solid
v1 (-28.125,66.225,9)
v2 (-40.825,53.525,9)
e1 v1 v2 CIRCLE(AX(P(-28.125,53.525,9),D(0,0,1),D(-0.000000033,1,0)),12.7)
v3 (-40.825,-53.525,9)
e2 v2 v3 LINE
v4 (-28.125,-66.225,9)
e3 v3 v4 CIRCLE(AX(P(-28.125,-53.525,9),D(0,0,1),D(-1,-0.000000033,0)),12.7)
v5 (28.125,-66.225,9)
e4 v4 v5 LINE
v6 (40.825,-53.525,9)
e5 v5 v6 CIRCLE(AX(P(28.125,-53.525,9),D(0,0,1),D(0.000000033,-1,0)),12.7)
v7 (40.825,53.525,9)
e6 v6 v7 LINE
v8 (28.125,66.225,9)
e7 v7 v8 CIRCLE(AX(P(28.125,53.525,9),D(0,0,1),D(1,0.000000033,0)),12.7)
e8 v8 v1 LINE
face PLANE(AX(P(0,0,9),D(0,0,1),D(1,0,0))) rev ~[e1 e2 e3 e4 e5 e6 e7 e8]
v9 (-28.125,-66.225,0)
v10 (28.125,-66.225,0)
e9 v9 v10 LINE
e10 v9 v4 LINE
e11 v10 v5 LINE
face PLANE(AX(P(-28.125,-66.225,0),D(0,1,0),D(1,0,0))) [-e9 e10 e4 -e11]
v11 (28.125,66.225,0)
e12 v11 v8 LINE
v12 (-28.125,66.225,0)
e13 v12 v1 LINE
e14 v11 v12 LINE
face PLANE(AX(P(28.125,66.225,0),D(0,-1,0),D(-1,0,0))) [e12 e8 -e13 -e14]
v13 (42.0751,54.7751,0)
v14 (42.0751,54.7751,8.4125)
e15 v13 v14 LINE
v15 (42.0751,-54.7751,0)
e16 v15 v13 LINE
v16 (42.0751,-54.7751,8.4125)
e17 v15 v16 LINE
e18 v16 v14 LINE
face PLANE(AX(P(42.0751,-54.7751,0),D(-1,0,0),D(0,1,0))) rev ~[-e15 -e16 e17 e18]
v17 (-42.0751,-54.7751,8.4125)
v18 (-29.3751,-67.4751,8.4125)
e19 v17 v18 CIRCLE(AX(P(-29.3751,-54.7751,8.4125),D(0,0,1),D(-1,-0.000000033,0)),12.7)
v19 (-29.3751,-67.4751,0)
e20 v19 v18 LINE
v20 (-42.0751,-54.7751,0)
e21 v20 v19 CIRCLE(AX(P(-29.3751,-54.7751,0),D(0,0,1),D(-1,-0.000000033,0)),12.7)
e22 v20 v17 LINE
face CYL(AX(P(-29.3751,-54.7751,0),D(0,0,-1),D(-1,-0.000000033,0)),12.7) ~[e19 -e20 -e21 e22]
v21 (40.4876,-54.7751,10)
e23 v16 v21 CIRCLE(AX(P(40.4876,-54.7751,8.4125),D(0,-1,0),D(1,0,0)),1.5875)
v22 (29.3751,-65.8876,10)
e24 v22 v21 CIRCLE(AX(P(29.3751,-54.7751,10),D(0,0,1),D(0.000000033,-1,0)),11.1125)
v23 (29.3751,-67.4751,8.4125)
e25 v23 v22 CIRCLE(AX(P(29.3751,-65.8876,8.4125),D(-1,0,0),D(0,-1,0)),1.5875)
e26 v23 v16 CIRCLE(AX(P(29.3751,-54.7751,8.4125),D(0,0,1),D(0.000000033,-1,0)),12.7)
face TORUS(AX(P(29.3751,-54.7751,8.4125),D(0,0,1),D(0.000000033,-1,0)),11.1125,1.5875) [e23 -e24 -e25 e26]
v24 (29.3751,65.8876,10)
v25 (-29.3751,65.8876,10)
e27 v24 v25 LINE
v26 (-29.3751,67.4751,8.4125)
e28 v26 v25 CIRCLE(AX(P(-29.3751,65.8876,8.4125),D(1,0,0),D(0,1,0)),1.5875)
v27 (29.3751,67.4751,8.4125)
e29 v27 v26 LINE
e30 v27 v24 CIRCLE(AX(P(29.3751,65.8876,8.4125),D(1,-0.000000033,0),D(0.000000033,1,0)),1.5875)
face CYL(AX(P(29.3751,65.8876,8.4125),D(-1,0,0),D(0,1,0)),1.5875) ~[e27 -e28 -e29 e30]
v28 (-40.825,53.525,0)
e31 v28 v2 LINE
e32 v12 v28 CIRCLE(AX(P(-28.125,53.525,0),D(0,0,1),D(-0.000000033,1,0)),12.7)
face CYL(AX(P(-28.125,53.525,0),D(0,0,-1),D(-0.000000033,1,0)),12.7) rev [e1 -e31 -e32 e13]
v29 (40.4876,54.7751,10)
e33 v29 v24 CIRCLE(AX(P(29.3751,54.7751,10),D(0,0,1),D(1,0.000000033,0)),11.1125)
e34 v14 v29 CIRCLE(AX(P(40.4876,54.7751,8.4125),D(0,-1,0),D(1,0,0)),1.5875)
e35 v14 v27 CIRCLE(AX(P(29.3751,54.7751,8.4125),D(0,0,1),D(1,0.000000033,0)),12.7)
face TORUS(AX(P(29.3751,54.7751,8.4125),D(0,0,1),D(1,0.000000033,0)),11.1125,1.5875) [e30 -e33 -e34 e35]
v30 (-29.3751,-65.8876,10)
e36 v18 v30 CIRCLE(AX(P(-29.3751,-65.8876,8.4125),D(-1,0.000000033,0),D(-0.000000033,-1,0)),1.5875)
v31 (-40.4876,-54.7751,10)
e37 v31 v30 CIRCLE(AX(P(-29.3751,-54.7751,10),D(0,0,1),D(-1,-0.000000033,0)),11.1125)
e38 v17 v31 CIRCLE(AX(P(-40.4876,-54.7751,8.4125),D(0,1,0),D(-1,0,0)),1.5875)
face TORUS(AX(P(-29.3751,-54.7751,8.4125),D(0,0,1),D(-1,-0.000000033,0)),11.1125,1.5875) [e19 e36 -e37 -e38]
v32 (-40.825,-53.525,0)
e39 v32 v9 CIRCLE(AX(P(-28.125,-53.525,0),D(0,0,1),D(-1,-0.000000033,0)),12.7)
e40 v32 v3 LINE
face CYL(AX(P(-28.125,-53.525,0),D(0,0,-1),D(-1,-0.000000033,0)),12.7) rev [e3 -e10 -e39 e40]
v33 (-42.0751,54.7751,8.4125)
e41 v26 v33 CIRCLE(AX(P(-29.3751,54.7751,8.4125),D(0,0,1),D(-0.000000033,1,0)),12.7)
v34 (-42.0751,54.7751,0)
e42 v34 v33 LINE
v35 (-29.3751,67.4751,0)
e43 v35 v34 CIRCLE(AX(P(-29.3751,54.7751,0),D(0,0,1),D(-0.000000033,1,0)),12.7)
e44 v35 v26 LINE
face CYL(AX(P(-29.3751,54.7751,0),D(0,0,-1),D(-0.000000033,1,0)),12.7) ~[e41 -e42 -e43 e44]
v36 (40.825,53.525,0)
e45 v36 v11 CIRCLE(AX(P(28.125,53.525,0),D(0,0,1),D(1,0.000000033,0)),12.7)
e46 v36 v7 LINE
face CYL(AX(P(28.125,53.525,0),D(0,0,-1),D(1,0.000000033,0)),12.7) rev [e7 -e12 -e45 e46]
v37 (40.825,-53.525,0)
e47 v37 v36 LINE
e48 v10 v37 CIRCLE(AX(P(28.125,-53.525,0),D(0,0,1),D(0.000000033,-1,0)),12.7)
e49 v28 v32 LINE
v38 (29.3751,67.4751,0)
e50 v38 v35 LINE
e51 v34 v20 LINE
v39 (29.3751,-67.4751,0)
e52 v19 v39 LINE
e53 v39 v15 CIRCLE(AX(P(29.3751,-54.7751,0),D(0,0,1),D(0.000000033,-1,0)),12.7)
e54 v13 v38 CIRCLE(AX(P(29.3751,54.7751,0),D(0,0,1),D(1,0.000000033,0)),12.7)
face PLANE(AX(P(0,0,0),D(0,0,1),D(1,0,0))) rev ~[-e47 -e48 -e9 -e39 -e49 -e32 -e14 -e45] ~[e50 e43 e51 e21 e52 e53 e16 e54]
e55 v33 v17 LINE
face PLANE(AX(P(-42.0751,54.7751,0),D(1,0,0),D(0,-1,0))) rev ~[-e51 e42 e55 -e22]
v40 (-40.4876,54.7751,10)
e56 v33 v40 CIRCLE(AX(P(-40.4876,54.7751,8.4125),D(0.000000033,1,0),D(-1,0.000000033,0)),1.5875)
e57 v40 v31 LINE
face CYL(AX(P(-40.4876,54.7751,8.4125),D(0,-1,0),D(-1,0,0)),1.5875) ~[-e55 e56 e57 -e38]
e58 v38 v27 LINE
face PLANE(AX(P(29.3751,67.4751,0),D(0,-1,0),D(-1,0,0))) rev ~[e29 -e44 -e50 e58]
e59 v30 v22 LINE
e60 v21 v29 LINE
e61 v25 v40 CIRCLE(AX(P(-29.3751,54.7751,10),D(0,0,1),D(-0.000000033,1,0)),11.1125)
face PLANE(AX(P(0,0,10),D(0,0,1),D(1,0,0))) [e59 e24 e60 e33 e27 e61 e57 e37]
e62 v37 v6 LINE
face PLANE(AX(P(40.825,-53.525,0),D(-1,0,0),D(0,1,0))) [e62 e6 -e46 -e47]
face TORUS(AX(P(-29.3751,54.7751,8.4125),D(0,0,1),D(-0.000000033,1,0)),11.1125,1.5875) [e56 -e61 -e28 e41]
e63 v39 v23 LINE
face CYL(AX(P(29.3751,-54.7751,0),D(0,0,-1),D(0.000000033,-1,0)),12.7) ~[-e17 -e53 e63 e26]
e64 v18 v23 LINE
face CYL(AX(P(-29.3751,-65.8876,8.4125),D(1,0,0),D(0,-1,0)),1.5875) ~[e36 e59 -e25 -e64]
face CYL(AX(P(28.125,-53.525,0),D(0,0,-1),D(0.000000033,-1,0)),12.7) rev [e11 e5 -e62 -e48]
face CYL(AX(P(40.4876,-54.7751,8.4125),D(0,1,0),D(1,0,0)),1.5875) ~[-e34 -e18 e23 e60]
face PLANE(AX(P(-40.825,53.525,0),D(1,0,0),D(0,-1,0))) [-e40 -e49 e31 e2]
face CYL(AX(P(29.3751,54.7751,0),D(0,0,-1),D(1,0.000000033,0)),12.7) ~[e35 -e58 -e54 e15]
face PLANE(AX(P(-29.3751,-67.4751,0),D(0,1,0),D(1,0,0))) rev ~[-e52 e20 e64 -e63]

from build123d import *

# Parameters (mm, degrees)
F1_DEPTH = 10
F2_R     = 1.5875
F4_DEPTH = 9


with BuildPart() as f1:
    # F0 (on Top) → F1 (new body)
    with BuildSketch(Plane.XY):
        with BuildLine():
            ThreePointArc((42.0751, 54.7751), (38.355356, 63.755356), (29.3751, 67.4751))
            Line((29.3751, 67.4751), (-29.3751, 67.4751))
            ThreePointArc((-29.3751, 67.4751), (-38.355356, 63.755356), (-42.0751, 54.7751))
            Line((-42.0751, 54.7751), (-42.0751, -54.7751))
            ThreePointArc((-42.0751, -54.7751), (-38.355356, -63.755356), (-29.3751, -67.4751))
            Line((-29.3751, -67.4751), (29.3751, -67.4751))
            ThreePointArc((29.3751, -67.4751), (38.355356, -63.755356), (42.0751, -54.7751))
            Line((42.0751, -54.7751), (42.0751, 54.7751))
        make_face()
    extrude(amount=F1_DEPTH)

    # F2
    f2_edges = [f1.edges().sort_by_distance(p)[0] for p in [
        (42.0751, 0, 10),
        (38.355356, -63.755356, 10),
        (0, -67.4751, 10),
        (-38.355356, -63.755356, 10),
        (-42.0751, 0, 10),
        (-38.355356, 63.755356, 10),
        (0, 67.4751, 10),
        (38.355356, 63.755356, 10),
    ]]
    fillet(f2_edges, radius=F2_R)

    # F3 (on Top) → F4 (cut)
    with BuildSketch(Plane.XY):
        with BuildLine():
            Line((-28.125, -66.225), (28.125, -66.225))
            ThreePointArc((28.125, -66.225), (37.105256, -62.505256), (40.825, -53.525))
            Line((40.825, -53.525), (40.825, 53.525))
            ThreePointArc((40.825, 53.525), (37.105256, 62.505256), (28.125, 66.225))
            Line((28.125, 66.225), (-28.125, 66.225))
            ThreePointArc((-28.125, 66.225), (-37.105256, 62.505256), (-40.825, 53.525))
            Line((-40.825, 53.525), (-40.825, -53.525))
            ThreePointArc((-40.825, -53.525), (-37.105256, -62.505256), (-28.125, -66.225))
        make_face()
    extrude(amount=F4_DEPTH, mode=Mode.SUBTRACT)


solid = f1.part
